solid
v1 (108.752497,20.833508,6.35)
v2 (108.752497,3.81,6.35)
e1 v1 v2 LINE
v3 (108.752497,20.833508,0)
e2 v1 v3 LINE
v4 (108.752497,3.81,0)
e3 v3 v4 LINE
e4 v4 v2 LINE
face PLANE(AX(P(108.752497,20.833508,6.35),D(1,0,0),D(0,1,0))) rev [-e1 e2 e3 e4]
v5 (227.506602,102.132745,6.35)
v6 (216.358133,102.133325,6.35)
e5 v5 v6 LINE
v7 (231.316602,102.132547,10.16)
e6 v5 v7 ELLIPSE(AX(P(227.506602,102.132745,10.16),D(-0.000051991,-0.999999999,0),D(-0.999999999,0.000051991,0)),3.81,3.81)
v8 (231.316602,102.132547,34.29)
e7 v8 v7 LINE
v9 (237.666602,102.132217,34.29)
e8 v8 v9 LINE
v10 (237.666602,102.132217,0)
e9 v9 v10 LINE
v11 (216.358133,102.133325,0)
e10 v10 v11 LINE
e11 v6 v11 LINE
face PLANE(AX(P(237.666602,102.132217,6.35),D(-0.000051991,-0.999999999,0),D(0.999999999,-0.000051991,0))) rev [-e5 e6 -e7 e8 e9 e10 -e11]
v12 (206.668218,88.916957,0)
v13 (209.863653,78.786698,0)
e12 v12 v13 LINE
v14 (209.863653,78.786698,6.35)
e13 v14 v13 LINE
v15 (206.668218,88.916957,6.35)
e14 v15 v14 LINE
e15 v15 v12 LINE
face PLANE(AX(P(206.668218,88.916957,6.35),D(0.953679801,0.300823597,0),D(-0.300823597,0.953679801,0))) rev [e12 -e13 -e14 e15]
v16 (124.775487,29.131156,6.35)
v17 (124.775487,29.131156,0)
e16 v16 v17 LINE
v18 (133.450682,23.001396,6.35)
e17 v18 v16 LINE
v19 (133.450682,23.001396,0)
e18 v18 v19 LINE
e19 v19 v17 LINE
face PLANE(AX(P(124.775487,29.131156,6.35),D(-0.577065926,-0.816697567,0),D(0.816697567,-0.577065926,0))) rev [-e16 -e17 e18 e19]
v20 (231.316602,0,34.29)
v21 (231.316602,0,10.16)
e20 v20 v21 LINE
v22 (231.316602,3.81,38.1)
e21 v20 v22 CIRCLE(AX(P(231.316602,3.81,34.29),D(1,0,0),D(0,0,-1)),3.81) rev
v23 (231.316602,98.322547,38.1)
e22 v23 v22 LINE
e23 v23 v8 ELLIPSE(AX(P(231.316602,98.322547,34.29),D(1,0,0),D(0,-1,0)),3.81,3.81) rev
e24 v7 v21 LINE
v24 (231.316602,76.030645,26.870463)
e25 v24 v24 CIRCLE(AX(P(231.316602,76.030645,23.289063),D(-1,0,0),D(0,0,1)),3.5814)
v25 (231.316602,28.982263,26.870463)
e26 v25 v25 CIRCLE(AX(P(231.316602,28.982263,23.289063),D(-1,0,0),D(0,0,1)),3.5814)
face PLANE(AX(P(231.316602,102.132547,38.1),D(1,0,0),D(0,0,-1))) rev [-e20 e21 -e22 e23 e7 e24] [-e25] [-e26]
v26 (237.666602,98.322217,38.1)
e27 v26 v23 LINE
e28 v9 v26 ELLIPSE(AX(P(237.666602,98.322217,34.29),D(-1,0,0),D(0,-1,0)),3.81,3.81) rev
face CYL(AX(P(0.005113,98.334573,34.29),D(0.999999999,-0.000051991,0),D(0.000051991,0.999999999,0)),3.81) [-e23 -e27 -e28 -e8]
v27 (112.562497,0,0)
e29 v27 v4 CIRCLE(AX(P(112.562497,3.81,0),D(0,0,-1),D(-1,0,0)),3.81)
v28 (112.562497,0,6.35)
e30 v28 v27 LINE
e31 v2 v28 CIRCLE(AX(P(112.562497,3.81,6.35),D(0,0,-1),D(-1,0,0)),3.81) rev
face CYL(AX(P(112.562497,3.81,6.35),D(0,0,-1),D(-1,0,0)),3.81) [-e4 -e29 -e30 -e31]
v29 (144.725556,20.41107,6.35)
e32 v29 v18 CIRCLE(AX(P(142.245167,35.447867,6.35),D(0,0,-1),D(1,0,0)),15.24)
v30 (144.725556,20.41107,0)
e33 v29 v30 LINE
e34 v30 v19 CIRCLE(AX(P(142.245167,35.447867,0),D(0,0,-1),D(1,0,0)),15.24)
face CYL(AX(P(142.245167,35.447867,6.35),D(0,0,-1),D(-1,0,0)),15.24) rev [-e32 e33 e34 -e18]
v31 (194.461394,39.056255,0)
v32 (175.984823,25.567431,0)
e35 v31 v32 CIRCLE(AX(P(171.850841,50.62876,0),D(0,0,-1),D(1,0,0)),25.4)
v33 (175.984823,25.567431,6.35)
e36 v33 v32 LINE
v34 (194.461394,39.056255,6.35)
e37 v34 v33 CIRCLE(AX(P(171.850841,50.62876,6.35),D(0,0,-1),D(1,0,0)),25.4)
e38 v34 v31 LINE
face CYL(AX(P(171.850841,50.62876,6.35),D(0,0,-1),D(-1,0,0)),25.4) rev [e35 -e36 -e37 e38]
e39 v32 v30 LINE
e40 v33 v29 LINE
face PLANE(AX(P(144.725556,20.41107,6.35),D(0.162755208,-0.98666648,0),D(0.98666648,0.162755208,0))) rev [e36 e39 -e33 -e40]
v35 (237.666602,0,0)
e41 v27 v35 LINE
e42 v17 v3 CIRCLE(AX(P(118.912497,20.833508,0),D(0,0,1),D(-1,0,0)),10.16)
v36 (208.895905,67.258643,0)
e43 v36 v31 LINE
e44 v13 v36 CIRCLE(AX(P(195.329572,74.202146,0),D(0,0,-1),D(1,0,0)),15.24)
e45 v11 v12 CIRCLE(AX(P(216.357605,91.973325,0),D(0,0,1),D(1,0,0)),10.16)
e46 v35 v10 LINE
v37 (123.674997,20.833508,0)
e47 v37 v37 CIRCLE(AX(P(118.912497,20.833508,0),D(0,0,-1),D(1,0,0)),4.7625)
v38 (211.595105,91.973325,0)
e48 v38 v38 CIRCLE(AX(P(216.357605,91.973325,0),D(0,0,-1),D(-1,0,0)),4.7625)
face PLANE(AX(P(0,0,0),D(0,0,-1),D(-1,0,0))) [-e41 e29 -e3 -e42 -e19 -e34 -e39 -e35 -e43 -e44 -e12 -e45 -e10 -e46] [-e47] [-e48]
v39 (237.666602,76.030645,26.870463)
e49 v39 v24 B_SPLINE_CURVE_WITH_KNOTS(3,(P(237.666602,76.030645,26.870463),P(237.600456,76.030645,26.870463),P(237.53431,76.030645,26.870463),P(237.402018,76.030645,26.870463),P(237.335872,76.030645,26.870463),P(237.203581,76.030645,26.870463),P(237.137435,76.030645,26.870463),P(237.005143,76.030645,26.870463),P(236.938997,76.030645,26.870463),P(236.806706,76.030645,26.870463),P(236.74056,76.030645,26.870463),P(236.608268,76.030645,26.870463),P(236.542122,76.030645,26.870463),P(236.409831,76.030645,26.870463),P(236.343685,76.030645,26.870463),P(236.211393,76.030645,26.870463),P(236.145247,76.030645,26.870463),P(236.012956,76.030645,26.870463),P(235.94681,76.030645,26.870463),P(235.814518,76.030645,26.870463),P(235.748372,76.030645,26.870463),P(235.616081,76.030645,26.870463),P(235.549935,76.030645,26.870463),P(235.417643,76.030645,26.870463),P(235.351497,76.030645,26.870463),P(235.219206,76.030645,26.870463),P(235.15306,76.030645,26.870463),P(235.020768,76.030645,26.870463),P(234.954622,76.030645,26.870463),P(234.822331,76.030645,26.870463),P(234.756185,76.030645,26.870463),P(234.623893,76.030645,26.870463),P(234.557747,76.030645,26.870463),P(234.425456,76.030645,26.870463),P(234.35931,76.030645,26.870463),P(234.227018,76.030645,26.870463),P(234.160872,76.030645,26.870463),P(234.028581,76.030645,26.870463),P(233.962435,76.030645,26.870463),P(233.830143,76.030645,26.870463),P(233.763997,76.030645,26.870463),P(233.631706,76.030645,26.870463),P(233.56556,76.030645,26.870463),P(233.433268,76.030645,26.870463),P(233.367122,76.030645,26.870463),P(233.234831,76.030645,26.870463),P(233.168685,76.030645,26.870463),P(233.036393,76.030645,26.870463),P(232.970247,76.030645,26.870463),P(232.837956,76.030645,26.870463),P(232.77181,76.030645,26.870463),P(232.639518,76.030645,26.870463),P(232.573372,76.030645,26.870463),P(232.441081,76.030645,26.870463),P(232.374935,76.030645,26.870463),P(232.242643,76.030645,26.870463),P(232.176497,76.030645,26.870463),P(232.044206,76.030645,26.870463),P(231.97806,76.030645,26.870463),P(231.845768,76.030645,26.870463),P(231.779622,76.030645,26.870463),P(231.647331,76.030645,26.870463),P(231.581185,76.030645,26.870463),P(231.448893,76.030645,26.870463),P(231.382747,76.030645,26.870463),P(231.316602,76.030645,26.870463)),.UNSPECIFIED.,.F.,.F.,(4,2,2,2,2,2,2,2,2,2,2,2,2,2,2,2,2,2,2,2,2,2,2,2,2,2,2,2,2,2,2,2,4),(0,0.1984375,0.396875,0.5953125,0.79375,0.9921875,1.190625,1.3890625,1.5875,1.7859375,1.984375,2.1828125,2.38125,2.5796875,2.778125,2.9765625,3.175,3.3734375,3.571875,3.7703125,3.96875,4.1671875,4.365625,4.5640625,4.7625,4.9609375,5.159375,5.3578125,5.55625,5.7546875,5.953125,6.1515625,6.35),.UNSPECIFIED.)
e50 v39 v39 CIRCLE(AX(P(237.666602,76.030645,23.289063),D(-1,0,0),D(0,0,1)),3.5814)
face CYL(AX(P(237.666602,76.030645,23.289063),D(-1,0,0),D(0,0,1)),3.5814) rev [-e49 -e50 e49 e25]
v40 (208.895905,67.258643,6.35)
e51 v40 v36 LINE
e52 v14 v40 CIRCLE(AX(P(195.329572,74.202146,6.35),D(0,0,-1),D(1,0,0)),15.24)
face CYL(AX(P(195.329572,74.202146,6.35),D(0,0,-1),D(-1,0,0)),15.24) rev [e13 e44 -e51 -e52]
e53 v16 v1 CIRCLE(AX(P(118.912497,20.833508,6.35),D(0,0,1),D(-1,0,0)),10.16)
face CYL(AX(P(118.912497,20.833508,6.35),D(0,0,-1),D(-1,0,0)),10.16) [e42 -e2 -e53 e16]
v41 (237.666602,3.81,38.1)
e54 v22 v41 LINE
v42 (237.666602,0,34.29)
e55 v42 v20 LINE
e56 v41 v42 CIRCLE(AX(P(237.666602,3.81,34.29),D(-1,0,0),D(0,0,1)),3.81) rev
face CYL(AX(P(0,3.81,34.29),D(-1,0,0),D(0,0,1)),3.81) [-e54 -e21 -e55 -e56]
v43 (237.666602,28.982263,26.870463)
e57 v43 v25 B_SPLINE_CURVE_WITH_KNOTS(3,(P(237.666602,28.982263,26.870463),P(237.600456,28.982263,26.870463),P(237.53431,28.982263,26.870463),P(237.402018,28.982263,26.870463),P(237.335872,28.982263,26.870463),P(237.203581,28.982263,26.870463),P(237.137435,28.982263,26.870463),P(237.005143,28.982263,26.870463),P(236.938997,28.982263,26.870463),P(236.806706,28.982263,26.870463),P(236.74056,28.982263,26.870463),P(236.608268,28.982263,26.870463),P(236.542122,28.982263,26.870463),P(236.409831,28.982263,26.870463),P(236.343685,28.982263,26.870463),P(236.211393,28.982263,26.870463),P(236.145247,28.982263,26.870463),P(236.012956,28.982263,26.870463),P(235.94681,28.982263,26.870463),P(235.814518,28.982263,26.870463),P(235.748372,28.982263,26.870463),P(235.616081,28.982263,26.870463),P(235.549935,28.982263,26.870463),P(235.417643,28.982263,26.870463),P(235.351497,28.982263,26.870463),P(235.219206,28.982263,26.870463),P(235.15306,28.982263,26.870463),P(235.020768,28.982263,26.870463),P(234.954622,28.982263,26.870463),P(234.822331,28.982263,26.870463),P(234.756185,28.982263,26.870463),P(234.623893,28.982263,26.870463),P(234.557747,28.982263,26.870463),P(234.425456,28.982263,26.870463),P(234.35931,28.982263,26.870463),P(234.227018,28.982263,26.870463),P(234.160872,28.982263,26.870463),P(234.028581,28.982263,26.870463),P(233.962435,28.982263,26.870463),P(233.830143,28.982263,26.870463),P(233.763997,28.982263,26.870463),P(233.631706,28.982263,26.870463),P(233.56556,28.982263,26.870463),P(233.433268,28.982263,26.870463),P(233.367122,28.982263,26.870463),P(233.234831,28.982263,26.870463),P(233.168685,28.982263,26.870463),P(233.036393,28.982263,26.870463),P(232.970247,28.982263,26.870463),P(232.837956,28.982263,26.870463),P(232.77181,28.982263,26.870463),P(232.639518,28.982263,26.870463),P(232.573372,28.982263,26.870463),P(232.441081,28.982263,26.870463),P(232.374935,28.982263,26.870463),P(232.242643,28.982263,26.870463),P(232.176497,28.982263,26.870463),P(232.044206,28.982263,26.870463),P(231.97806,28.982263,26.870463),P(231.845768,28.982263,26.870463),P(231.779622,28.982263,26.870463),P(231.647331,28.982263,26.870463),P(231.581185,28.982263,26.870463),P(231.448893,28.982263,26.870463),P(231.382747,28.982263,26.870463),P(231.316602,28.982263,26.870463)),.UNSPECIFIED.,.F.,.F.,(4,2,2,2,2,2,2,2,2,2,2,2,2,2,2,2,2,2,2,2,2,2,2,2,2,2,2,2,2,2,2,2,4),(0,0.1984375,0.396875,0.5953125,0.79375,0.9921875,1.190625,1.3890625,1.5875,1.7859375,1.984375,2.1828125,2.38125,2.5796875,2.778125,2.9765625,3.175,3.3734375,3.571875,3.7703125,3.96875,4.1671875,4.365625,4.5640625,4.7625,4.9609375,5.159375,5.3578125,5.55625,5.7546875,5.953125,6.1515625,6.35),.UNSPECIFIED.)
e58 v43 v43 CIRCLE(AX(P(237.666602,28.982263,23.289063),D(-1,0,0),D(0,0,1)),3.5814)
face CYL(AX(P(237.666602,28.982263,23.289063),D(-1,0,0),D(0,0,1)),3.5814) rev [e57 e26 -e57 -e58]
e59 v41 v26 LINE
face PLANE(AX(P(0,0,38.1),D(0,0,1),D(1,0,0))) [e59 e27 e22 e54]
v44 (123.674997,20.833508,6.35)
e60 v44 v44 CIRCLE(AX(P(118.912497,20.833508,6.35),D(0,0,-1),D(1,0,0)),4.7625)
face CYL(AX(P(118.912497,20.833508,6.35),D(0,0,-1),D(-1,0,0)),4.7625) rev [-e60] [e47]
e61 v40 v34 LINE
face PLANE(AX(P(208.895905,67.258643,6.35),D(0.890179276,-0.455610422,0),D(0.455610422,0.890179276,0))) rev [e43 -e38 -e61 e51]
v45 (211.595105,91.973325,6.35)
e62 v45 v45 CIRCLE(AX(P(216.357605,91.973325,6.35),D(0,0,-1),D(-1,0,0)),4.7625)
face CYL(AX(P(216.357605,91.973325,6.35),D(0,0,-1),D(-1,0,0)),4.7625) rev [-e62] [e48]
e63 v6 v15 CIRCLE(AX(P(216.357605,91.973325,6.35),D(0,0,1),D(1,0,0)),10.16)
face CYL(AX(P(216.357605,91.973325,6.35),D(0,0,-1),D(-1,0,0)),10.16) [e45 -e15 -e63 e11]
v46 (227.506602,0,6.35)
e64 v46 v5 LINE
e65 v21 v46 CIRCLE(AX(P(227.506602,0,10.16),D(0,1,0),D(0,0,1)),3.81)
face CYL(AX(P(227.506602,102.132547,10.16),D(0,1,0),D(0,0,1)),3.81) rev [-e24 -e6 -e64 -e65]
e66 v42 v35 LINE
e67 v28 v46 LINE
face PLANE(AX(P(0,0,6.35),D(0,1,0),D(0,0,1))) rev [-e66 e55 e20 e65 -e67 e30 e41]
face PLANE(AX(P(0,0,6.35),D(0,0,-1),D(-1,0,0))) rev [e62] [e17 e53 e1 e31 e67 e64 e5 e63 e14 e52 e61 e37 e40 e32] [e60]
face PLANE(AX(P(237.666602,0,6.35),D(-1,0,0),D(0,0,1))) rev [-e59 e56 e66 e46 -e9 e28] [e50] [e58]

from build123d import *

# Parameters (mm, degrees)
SKETCH1_W           = 237.666601654
SKETCH1_H           = 144.870829151
BOSS_EXTRUDE1_DEPTH = 6.35
SKETCH6_R           = 4.7625
CUT_EXTRUDE1_DEPTH  = 279.412092375
BOSS_EXTRUDE2_DEPTH = 31.75
SKETCH8_R           = 3.5814
CUT_EXTRUDE2_DEPTH  = 165.026783357
FILLET1_R           = 3.81


with BuildPart() as part:
    # Sketch1 → Boss-Extrude1 (new body)
    with BuildSketch(Plane.XY):
        with Locations((118.833300827, 72.435414576)):
            Rectangle(SKETCH1_W, SKETCH1_H)
    extrude(amount=BOSS_EXTRUDE1_DEPTH)

    # Sketch6 → Cut-Extrude1 (cut, through all)
    with BuildSketch(Plane(origin=(0, 0, 0), x_dir=(-1, 0, 0), z_dir=(0, 0, -1))):
        with Locations((-216.35760516, 91.973324775)):
            Circle(SKETCH6_R)
        with Locations(Location((-118.912497493, 20.833508274, 0), (0, 0, 180))):
            Circle(SKETCH6_R)
        with BuildLine():
            Line((-237.666601654, 102.132216913), (-216.358133389, 102.133324761))
            ThreePointArc((-216.358133389, 102.133324761), (-208.163913134, 97.980737777), (-206.668218378, 88.91695703))
            Line((-206.668218378, 88.91695703), (-209.863652574, 78.786697699))
            ThreePointArc((-209.863652574, 78.786697699), (-210.516155402, 72.927274811), (-208.895904566, 67.258643251))
            Line((-208.895904566, 67.258643251), (-194.461394125, 39.056254914))
            ThreePointArc((-194.461394125, 39.056254914), (-186.82764399, 30.114000126), (-175.984822796, 25.567431049))
            Line((-175.984822796, 25.567431049), (-144.725556293, 20.41107019))
            ThreePointArc((-144.725556293, 20.41107019), (-138.832778099, 20.5948137), (-133.450682209, 23.001396414))
            Line((-133.450682209, 23.001396414), (-124.775487304, 29.13115556))
            ThreePointArc((-124.775487304, 29.13115556), (-114.240366099, 29.855525136), (-108.752497493, 20.833508274))
            Line((-108.752497493, 20.833508274), (-108.752497493, 0))
            Line((-108.752497493, 0), (33.78855799, -29.414686869))
            Line((33.78855799, -29.414686869), (48.645656143, 190.527142522))
            Line((48.645656143, 190.527142522), (-347.111633803, 192.661310616))
            Line((-347.111633803, 192.661310616), (-237.666601654, 102.132216913))
        make_face()
    extrude(amount=-CUT_EXTRUDE1_DEPTH, mode=Mode.SUBTRACT)

    # Sketch7 → Boss-Extrude2 (add)
    with BuildSketch(Plane.XY.offset(6.35)):
        Polygon((231.316601654, 102.132547055), (237.666601654, 102.132216913), (237.666601654, 0), (231.316601654, 0), align=None)
    extrude(amount=BOSS_EXTRUDE2_DEPTH)

    # Sketch8 → Cut-Extrude2 (cut, through all)
    with BuildSketch(Plane.ZY.offset(-231.316601654)):
        with Locations((23.289062999, 76.03064494)):
            Circle(SKETCH8_R)
        with Locations((23.289062999, 28.982263142)):
            Circle(SKETCH8_R)
    extrude(amount=-CUT_EXTRUDE2_DEPTH, mode=Mode.SUBTRACT)

    # Fillet1
    fillet1_edges = [part.edges().sort_by_distance(p)[0] for p in [
        (108.752497493, 0, 3.175),
        (231.316601654, 51.066273528, 6.35),
        (234.491601654, 0, 38.1),
        (234.491601654, 102.132381984, 38.1),
    ]]
    fillet(fillet1_edges, radius=FILLET1_R)


solid = part.part
